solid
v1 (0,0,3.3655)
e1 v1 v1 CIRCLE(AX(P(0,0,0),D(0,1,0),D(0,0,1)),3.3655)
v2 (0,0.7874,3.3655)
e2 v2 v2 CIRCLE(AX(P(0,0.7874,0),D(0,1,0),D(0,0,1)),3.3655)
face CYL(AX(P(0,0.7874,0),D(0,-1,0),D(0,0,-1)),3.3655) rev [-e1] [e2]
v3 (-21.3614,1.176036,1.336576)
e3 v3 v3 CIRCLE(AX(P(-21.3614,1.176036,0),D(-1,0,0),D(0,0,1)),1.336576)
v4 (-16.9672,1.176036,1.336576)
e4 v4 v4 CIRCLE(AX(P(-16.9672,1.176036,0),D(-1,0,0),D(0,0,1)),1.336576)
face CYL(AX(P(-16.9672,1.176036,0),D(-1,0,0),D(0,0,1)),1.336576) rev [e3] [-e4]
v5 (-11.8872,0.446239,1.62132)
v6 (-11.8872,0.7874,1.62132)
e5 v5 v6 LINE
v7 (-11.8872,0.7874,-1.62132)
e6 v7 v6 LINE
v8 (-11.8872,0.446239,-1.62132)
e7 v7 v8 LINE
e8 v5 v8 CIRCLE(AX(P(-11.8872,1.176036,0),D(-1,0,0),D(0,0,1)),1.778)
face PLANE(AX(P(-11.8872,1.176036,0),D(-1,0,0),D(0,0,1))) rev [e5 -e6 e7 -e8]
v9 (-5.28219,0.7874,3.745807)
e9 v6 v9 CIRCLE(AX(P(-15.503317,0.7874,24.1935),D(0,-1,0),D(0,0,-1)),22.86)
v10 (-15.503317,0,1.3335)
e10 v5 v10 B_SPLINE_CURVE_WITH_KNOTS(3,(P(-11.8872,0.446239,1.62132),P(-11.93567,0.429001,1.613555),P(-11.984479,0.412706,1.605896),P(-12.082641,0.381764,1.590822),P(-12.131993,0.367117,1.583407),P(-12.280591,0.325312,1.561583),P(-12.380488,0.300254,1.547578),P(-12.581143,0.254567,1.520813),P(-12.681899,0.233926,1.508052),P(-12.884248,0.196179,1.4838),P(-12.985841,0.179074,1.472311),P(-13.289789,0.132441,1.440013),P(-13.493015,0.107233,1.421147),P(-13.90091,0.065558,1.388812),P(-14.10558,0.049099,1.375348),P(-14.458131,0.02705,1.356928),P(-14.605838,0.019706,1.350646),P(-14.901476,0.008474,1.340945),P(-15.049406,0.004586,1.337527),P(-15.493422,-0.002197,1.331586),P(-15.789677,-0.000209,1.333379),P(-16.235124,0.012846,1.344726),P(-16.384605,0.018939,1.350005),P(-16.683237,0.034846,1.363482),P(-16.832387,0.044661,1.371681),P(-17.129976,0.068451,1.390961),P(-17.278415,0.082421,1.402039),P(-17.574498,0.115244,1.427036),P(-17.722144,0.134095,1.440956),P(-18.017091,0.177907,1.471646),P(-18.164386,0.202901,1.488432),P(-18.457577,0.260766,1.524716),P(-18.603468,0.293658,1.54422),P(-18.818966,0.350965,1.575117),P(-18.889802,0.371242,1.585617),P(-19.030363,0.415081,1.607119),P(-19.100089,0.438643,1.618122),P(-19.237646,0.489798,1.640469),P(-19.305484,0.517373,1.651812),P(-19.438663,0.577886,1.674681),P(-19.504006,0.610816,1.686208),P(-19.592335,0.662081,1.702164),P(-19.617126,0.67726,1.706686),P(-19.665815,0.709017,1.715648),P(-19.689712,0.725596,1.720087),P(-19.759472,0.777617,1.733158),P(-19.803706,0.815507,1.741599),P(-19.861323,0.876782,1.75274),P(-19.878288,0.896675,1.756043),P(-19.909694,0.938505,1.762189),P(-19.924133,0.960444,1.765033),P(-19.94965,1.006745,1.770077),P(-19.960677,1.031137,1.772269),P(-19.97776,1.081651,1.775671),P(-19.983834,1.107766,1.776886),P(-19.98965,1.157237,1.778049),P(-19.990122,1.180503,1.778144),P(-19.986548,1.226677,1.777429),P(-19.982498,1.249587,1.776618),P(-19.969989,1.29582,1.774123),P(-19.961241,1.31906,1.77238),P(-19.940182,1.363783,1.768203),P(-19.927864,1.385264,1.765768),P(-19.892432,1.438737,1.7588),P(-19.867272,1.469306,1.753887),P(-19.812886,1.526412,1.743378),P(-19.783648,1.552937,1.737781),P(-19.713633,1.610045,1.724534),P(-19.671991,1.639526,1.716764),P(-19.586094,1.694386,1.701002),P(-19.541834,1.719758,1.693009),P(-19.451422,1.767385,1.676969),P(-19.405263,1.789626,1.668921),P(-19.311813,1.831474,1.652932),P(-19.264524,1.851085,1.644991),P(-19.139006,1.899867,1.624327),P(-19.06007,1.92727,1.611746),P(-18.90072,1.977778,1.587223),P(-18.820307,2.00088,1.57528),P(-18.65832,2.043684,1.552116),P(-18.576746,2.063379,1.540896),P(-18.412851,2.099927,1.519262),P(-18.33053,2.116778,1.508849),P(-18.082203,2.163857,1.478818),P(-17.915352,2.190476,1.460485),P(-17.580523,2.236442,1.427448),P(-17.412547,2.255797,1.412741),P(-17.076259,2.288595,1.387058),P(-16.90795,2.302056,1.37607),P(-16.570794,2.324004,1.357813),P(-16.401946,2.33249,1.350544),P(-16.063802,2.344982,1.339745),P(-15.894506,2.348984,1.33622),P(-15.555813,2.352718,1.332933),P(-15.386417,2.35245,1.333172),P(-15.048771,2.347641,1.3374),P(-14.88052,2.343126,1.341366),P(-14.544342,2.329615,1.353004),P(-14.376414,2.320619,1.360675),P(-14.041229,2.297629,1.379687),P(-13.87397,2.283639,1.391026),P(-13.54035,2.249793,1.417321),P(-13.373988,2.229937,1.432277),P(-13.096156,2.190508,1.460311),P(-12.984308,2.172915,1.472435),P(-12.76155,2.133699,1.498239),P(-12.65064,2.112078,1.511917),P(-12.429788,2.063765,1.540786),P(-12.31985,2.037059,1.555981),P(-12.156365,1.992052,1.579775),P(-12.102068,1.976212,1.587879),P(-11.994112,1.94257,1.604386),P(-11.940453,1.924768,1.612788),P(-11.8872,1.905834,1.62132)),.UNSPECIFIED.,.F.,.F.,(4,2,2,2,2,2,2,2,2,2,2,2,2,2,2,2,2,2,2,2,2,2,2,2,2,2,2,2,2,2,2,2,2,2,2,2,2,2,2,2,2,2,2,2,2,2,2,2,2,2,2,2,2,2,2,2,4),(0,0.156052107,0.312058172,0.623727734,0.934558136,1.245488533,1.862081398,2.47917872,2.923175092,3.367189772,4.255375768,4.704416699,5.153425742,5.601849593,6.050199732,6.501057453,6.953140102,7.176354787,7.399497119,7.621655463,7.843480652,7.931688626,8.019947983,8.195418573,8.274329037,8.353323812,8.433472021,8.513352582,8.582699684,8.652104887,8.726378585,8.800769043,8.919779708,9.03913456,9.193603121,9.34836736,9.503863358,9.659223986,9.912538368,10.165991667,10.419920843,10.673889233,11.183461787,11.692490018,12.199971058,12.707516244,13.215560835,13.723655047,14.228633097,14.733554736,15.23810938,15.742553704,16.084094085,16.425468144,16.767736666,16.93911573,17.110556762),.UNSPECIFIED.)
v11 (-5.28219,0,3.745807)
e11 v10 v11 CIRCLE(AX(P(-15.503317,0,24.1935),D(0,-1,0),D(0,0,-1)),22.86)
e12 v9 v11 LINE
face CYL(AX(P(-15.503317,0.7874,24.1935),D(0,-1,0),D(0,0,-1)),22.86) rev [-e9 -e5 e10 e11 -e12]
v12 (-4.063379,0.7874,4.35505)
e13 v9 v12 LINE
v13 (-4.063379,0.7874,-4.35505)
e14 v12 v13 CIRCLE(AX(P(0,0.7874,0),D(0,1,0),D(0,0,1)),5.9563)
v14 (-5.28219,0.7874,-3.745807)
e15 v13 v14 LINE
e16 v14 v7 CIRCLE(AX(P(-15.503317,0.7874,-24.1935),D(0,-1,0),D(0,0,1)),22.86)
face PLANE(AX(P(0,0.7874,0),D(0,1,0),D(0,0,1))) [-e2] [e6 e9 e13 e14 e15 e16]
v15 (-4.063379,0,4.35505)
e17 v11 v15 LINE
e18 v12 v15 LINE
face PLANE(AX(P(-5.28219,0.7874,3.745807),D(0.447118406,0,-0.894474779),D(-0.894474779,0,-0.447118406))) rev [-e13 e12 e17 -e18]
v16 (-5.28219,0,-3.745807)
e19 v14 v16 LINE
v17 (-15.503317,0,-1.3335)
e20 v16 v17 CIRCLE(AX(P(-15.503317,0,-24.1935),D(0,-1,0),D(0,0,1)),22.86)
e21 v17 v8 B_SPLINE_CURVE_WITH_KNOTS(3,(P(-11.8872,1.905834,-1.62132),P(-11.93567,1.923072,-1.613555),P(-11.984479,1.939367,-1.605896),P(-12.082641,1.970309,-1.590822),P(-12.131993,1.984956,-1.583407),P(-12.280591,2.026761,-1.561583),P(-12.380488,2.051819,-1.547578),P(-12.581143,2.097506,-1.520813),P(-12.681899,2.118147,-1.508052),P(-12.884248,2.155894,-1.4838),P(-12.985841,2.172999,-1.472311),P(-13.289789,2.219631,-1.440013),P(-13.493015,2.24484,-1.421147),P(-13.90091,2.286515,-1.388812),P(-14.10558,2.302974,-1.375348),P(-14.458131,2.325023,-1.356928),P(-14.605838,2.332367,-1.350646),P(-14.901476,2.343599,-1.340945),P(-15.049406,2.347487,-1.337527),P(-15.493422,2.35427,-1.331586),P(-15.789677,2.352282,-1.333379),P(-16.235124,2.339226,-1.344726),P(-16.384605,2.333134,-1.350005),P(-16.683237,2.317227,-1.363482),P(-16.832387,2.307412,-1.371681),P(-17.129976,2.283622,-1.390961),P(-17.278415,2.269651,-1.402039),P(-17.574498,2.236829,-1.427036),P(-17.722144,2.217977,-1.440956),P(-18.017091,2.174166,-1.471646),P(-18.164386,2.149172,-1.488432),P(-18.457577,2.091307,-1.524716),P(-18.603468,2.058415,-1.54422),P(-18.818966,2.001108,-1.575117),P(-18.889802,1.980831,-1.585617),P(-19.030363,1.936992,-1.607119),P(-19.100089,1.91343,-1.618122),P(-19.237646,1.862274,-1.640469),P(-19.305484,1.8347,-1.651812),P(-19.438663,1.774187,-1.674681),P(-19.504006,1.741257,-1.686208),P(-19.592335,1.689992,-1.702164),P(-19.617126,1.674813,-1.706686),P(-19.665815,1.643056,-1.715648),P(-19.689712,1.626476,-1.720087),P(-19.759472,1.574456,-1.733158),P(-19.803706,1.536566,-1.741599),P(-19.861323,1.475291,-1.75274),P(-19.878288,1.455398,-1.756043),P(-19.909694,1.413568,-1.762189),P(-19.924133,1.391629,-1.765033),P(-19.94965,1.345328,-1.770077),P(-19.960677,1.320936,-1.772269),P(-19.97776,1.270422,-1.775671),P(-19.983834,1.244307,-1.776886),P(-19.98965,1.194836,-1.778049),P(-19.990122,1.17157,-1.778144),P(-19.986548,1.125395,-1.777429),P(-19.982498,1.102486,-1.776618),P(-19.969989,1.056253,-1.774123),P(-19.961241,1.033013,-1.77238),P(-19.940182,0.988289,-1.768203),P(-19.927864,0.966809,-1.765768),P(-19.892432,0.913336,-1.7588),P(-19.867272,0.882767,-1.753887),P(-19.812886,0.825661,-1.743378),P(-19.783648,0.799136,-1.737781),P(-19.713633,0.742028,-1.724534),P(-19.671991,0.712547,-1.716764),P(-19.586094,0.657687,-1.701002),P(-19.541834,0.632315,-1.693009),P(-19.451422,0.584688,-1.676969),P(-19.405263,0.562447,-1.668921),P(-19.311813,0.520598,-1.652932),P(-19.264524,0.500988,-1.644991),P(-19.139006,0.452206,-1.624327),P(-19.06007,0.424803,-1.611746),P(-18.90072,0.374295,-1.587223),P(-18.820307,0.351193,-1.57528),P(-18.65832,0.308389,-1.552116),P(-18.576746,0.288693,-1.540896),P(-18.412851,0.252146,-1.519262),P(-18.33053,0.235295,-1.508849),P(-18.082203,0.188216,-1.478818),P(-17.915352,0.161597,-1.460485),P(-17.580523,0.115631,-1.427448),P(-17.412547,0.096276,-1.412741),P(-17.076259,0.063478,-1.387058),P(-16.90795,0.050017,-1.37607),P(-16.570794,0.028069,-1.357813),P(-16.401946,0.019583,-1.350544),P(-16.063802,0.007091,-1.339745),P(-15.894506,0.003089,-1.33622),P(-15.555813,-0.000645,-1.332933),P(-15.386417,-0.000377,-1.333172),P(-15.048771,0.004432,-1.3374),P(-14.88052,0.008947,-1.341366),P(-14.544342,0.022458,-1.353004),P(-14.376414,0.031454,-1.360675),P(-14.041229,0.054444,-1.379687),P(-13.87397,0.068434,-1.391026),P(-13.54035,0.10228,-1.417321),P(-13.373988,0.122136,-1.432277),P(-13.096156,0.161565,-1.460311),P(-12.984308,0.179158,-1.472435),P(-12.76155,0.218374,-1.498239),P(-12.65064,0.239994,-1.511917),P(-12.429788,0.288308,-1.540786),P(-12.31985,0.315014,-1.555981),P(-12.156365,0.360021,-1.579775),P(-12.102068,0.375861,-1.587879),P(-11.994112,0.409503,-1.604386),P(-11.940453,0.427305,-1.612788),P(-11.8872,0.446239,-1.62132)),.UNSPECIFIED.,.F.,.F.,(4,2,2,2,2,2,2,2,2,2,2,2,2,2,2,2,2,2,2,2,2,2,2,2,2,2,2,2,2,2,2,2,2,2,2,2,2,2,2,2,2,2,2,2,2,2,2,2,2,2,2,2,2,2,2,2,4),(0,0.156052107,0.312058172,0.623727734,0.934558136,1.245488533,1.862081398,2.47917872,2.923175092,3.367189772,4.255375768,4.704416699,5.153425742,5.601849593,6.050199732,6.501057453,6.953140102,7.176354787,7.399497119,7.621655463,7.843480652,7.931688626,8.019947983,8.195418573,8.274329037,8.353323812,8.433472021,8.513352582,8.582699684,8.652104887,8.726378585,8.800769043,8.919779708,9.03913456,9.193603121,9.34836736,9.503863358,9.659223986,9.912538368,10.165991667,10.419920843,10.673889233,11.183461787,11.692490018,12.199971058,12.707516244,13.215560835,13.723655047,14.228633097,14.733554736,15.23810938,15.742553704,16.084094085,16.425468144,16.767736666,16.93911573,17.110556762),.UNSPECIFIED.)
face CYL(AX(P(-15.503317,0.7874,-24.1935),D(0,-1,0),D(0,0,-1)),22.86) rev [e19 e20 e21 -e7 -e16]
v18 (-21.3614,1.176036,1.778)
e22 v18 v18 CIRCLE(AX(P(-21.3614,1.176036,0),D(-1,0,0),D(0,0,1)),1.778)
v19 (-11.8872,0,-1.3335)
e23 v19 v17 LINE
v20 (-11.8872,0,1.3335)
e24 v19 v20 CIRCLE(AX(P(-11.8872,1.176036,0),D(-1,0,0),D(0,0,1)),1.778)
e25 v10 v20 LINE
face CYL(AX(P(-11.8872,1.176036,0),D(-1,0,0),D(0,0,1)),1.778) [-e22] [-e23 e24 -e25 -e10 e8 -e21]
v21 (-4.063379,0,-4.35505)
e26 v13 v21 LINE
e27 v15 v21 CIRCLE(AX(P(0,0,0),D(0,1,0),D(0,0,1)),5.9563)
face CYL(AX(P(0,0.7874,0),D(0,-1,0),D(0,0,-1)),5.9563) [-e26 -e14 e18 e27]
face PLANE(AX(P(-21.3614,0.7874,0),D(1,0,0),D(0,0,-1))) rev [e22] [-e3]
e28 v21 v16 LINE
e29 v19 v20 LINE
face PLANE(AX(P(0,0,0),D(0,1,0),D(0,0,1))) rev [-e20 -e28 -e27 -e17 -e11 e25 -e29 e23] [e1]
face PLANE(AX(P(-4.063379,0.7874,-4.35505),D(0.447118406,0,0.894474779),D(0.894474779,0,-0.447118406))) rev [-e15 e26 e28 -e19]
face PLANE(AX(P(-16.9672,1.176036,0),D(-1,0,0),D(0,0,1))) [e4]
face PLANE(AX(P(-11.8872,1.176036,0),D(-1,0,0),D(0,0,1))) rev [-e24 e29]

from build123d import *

# Parameters (mm, degrees)
SKETCH1_R           = 3.3655
BOSS_EXTRUDE1_DEPTH = 0.7874
SKETCH2_R           = 1.778
BOSS_EXTRUDE2_DEPTH = 9.4742
SKETCH3_R           = 1.336576357
CUT_EXTRUDE1_DEPTH  = 4.3942


with BuildPart() as part:
    # Sketch1 → Boss-Extrude1 (new body)
    with BuildSketch(Plane(origin=(0, 0, 0), x_dir=(1, 0, 0), z_dir=(0, 1, 0))):
        with BuildLine():
            Line((-21.3614, 0), (-21.3614, 1.3335))
            Line((-21.3614, 1.3335), (-15.503317076, 1.3335))
            ThreePointArc((-15.503317076, 1.3335), (-10.252349187, 1.944748659), (-5.282190317, 3.745806542))
            Line((-5.282190317, 3.745806542), (-4.063378909, 4.355050118))
            ThreePointArc((-4.063378909, 4.355050118), (5.9563, 0), (-4.063378909, -4.355050118))
            Line((-4.063378909, -4.355050118), (-5.282190317, -3.745806542))
            ThreePointArc((-5.282190317, -3.745806542), (-10.252349187, -1.944748659), (-15.503317076, -1.3335))
            Line((-15.503317076, -1.3335), (-21.3614, -1.3335))
            Line((-21.3614, -1.3335), (-21.3614, 0))
        make_face()
        with Locations(Location((0, 0, 0), (0, 0, 270))):
            Circle(SKETCH1_R, mode=Mode.SUBTRACT)
    extrude(amount=BOSS_EXTRUDE1_DEPTH)

    # Sketch2 → Boss-Extrude2 (add)
    with BuildSketch(Plane.ZY.offset(21.3614)):
        with Locations((0, 1.176036458)):
            Circle(SKETCH2_R)
    extrude(amount=-BOSS_EXTRUDE2_DEPTH)

    # Sketch3 → Cut-Extrude1 (cut)
    with BuildSketch(Plane.ZY.offset(21.3614)):
        with Locations((0, 1.176036458)):
            Circle(SKETCH3_R)
    extrude(amount=-CUT_EXTRUDE1_DEPTH, mode=Mode.SUBTRACT)


solid = part.part
